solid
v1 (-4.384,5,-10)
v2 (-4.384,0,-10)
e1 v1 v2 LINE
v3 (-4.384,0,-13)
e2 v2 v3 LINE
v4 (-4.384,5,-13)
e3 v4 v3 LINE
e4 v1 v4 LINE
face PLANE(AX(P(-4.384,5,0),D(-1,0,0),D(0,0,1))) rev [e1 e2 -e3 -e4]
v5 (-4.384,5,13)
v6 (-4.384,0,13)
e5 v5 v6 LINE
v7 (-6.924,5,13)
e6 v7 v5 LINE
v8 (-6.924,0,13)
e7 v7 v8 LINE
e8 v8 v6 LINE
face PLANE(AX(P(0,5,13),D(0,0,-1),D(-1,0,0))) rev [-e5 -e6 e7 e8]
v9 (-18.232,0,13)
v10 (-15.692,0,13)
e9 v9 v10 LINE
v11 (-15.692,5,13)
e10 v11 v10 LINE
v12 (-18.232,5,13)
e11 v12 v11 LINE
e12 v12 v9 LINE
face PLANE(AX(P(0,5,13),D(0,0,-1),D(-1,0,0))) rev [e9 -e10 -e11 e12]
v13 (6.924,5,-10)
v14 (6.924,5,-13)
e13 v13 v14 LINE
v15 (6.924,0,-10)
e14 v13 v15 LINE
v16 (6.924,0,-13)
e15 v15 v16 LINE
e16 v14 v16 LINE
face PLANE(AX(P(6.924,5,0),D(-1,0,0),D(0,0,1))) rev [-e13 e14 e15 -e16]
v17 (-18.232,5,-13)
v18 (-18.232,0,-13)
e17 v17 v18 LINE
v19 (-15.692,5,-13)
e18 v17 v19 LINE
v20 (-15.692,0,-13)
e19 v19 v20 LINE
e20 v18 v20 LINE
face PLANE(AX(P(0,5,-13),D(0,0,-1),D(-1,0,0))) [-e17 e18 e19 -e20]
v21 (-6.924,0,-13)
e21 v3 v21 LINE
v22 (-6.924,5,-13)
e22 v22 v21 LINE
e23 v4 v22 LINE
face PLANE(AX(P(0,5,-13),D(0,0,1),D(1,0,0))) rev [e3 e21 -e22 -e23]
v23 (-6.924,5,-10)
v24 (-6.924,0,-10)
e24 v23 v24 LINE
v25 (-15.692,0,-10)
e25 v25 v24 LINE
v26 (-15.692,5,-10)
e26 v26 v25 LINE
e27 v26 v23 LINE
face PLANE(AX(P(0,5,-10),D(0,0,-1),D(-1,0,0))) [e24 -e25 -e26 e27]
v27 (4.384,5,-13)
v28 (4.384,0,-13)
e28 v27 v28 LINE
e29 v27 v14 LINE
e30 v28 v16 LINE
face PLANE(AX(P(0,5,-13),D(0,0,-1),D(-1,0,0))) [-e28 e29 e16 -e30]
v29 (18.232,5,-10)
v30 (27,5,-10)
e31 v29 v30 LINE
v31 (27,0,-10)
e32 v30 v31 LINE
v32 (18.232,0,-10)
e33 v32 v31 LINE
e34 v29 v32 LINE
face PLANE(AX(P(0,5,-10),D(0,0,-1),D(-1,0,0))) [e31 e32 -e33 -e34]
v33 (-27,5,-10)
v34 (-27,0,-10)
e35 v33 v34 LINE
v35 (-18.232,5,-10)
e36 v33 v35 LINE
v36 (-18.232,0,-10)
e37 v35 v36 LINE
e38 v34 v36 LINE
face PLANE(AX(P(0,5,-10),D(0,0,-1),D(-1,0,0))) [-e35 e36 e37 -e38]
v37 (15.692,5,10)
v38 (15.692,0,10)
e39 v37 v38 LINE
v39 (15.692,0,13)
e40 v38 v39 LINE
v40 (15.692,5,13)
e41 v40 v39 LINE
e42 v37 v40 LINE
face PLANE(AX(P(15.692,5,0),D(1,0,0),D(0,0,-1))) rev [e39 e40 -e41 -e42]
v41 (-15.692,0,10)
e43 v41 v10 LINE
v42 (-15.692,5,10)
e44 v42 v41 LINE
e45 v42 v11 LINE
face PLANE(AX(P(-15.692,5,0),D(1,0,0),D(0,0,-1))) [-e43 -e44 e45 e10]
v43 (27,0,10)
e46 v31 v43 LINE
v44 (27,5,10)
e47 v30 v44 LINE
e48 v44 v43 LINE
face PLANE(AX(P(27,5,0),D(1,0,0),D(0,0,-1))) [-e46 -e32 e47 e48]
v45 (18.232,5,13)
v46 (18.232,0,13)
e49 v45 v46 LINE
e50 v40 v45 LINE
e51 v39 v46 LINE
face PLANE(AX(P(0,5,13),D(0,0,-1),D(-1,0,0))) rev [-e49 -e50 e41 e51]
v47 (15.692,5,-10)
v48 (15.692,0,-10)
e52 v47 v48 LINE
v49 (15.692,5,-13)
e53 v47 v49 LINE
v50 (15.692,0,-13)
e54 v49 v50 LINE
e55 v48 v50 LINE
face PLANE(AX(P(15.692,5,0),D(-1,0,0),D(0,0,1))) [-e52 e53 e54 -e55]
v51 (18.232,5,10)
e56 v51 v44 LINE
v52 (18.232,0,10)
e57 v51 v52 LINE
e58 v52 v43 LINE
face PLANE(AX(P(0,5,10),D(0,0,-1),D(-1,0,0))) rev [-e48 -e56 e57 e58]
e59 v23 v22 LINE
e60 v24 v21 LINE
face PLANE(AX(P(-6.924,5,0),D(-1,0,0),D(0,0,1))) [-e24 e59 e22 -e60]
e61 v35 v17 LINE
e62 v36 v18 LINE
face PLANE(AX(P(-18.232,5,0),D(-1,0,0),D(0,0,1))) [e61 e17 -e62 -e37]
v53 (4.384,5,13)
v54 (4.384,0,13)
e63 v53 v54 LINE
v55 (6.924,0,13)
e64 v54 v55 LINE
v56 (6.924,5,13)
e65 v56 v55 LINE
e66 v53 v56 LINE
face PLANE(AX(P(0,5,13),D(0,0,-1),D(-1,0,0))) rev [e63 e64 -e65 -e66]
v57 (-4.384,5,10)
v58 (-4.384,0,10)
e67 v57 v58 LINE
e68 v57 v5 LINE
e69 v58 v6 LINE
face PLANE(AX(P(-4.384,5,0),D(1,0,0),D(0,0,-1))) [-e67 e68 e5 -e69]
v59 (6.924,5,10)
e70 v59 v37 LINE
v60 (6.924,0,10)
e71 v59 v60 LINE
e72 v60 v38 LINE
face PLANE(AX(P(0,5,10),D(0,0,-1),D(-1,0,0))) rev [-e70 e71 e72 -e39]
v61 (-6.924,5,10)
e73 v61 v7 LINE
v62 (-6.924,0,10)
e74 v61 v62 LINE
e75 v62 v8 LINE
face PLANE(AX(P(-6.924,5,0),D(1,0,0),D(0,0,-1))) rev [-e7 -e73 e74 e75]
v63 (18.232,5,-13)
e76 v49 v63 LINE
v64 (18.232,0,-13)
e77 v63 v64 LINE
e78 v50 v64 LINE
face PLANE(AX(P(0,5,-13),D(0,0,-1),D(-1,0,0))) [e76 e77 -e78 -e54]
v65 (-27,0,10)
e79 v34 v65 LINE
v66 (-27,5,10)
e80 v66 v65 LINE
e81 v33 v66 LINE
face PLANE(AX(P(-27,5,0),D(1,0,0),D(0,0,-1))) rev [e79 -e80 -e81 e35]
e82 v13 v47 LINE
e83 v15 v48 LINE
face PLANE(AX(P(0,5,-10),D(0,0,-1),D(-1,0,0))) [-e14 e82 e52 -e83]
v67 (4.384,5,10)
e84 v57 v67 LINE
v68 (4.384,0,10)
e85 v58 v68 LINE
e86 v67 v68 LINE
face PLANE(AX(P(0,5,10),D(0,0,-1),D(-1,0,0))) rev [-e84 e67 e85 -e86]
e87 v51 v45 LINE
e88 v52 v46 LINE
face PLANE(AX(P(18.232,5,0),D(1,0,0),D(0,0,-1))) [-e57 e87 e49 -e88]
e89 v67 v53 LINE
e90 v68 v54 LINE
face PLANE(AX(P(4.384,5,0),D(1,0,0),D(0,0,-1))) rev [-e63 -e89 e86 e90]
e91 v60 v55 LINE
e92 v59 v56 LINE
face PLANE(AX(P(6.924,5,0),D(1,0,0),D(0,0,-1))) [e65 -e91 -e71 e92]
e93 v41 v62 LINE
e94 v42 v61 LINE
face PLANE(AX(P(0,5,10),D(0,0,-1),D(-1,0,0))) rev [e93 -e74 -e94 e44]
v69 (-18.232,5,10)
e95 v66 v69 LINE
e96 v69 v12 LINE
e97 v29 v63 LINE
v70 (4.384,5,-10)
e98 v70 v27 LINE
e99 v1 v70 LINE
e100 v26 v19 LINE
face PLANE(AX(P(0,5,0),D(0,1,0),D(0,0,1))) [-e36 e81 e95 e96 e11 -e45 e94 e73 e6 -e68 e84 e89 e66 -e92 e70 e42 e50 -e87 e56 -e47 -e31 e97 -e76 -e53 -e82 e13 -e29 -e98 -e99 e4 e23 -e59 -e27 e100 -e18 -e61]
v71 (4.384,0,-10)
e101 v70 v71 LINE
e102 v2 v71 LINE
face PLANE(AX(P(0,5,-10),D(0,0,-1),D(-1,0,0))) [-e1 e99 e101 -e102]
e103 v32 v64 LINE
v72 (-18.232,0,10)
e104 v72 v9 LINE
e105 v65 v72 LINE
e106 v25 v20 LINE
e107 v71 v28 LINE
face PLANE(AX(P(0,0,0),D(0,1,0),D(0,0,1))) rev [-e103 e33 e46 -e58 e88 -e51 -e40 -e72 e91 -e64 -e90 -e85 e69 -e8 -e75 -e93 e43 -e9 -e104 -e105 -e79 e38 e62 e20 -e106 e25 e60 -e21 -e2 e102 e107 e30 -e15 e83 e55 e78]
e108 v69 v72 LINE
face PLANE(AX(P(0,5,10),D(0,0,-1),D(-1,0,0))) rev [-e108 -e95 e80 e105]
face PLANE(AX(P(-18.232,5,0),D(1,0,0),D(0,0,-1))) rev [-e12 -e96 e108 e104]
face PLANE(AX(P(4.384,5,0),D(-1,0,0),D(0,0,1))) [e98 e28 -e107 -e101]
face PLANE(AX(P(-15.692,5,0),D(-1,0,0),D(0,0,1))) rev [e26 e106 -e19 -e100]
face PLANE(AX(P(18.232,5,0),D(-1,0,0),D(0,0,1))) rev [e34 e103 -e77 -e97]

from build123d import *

# Parameters (mm, degrees)
SKETCH1_W           = 54
SKETCH1_H           = 20
SKETCH1_W_2         = 2.54
SKETCH1_H_2         = 3
BOSS_EXTRUDE1_DEPTH = 5


with BuildPart() as part:
    # Sketch1 → Boss-Extrude1 (new body)
    with BuildSketch(Plane(origin=(0, 0, 0), x_dir=(1, 0, 0), z_dir=(0, 1, 0))):
        Rectangle(SKETCH1_W, SKETCH1_H)
        with Locations((-16.962, -11.5)):
            Rectangle(SKETCH1_W_2, SKETCH1_H_2)
        with Locations((-5.654, -11.5)):
            Rectangle(SKETCH1_W_2, SKETCH1_H_2)
        with Locations((5.654, -11.5)):
            Rectangle(SKETCH1_W_2, SKETCH1_H_2)
        with Locations((16.962, -11.5)):
            Rectangle(SKETCH1_W_2, SKETCH1_H_2)
        with Locations((16.962, 11.5)):
            Rectangle(SKETCH1_W_2, SKETCH1_H_2)
        with Locations((5.654, 11.5)):
            Rectangle(SKETCH1_W_2, SKETCH1_H_2)
        with Locations((-5.654, 11.5)):
            Rectangle(SKETCH1_W_2, SKETCH1_H_2)
        with Locations((-16.962, 11.5)):
            Rectangle(SKETCH1_W_2, SKETCH1_H_2)
    extrude(amount=BOSS_EXTRUDE1_DEPTH)


solid = part.part
